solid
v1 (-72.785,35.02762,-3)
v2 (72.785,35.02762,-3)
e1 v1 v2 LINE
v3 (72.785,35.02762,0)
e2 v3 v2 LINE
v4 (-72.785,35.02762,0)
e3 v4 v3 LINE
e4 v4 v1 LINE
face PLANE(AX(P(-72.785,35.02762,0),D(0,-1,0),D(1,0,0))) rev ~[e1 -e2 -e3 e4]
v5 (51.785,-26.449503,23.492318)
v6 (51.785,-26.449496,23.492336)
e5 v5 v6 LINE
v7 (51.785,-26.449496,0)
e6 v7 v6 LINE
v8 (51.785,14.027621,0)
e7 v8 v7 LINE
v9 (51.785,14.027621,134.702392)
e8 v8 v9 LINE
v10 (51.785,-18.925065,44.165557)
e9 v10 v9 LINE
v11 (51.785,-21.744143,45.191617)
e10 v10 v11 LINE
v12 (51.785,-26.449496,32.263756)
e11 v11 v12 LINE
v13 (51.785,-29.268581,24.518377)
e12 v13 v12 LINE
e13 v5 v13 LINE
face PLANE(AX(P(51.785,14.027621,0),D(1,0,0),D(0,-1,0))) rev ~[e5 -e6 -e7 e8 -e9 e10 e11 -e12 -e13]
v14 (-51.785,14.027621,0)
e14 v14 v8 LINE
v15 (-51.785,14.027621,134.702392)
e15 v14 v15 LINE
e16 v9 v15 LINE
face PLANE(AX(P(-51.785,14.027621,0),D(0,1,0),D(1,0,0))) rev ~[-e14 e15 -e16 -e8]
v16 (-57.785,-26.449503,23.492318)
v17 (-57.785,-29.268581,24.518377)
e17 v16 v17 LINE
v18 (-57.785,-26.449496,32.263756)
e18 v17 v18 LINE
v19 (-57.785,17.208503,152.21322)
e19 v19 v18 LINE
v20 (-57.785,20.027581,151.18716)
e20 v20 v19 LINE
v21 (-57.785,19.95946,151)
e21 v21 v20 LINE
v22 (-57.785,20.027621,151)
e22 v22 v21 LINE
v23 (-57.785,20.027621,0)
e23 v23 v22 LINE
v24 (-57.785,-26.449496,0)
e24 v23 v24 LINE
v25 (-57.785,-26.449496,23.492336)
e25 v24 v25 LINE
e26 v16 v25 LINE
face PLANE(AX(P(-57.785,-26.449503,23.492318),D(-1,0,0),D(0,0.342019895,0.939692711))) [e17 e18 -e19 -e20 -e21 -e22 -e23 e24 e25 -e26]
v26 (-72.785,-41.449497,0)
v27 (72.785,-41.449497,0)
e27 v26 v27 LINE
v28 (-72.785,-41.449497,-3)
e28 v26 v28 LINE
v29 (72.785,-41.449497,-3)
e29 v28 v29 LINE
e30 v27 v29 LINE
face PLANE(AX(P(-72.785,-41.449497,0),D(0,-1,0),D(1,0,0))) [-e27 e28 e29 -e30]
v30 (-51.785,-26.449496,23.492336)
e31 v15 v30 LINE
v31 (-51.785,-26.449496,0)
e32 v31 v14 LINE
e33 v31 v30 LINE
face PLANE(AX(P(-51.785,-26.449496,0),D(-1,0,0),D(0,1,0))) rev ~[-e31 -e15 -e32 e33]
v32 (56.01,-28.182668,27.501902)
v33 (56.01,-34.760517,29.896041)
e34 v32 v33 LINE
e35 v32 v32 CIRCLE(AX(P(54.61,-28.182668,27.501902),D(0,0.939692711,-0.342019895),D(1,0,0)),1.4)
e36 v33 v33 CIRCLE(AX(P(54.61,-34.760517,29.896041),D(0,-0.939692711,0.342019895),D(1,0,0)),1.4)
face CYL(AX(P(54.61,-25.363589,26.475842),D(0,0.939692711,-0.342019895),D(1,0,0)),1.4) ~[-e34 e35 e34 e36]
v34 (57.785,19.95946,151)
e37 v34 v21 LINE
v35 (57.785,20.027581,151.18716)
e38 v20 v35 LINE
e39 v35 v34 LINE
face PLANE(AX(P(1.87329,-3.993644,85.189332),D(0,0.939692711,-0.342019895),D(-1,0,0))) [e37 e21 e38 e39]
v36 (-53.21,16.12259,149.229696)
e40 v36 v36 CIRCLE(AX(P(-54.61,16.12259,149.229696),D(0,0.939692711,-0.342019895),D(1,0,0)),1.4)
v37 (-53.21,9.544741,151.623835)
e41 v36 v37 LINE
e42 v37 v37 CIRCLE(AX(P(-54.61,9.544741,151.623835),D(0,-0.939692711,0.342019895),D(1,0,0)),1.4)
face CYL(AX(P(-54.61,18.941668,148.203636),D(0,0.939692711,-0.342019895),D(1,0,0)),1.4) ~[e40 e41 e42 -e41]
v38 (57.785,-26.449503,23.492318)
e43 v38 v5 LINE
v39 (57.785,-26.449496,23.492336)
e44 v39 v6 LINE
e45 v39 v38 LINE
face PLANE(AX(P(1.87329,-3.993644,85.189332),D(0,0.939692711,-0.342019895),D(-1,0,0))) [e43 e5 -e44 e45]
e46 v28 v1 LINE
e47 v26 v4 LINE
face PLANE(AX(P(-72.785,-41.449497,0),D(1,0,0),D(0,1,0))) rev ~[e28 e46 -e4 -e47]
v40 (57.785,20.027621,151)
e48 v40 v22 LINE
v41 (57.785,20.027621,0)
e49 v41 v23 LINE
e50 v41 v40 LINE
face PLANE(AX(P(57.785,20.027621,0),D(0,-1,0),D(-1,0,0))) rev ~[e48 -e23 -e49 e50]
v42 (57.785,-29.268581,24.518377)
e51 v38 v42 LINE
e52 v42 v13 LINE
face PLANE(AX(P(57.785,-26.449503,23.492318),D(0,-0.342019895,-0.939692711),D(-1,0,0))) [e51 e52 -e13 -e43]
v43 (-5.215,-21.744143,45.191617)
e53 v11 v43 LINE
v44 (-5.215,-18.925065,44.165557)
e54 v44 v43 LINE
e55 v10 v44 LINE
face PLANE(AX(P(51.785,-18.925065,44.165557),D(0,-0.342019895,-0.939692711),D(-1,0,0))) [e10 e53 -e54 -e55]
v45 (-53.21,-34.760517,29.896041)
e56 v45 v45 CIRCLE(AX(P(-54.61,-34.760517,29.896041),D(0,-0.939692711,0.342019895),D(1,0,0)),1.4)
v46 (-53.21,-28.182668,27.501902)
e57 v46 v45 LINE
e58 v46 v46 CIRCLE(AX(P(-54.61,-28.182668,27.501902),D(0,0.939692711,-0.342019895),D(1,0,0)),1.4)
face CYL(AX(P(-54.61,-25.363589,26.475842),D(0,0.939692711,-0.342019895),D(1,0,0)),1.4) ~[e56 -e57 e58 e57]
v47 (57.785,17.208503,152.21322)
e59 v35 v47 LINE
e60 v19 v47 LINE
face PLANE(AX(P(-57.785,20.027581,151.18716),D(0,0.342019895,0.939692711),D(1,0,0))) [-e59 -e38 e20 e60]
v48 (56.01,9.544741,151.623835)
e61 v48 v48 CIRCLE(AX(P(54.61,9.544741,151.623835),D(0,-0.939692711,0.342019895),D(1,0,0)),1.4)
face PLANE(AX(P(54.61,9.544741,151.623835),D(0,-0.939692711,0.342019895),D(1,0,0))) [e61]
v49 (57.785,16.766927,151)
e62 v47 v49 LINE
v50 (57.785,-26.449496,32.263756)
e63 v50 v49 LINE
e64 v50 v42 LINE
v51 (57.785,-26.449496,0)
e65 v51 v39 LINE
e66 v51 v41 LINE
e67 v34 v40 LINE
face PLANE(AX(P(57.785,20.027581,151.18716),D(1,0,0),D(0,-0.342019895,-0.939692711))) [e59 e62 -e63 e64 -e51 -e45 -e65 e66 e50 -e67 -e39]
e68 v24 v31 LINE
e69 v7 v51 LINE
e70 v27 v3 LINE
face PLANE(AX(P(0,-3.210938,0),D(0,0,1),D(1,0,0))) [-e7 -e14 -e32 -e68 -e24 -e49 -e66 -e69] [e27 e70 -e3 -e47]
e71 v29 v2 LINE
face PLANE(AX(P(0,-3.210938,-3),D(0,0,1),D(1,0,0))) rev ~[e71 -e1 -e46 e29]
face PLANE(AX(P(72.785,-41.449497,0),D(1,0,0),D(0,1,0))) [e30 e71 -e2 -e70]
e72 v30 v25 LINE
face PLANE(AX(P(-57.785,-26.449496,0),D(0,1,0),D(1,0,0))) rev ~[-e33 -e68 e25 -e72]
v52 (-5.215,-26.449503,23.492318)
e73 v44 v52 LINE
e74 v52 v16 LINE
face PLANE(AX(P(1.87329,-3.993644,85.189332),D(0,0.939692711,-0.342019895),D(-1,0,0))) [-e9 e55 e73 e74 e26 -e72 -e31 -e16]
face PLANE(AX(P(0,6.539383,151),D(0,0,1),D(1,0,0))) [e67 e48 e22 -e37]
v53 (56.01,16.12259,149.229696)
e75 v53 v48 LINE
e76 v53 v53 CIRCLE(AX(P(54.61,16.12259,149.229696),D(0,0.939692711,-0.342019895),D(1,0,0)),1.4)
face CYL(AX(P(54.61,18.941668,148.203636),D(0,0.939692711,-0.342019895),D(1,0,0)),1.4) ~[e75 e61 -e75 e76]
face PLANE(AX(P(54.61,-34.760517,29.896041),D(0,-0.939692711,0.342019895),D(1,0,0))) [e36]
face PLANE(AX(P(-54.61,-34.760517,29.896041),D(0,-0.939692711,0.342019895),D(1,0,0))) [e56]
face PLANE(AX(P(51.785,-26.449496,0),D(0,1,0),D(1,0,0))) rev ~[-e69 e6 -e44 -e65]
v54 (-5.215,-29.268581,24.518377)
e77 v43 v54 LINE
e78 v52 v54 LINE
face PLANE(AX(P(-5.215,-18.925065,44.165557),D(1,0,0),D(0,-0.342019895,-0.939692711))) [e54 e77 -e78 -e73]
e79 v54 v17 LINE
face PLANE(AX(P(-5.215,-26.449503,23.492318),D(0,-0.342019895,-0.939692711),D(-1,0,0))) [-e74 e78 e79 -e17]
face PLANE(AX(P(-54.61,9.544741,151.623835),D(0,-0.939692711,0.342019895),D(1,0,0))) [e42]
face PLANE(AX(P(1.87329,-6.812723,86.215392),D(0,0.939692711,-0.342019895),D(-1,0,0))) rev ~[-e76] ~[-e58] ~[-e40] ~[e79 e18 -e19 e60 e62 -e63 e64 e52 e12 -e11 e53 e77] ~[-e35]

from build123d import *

# Parameters (mm, degrees)
SKETCH001_W  = 145.57
SKETCH001_H  = 76.477117
PAD_DEPTH    = 3
PAD001_DEPTH = 151
SKETCH004_W  = 234.832214
SKETCH004_H  = 173.073643
POCKET_DEPTH = 200
PAD002_DEPTH = 3
SKETCH003_R  = 1.4
PAD003_DEPTH = 10


with BuildPart() as part:
    # Sketch001 → Pad (new body)
    with BuildSketch(Plane.XY):
        with Locations((0, -3.210938)):
            Rectangle(SKETCH001_W, SKETCH001_H)
    extrude(amount=-PAD_DEPTH)

    # Sketch → Pad001 (join)
    with BuildSketch(Plane.XY):
        Polygon((51.785, -26.449496), (57.785, -26.449496), (57.785, 20.027621), (-57.785, 20.027621), (-57.785, -26.449496), (-51.785, -26.449496), (-51.785, 14.027621), (51.785, 14.027621), align=None)
    extrude(amount=PAD001_DEPTH)

    # Sketch004 (on DatumPlane) → Pocket (cut)
    with BuildSketch(Plane(origin=(0, -37.819078, 1.02606), x_dir=(1, 0, 0), z_dir=(0, -0.939693, 0.34202))):
        with Locations((5.697174, 86.536822)):
            Rectangle(SKETCH004_W, SKETCH004_H)
    extrude(amount=POCKET_DEPTH, mode=Mode.SUBTRACT)

    # Sketch002 (on DatumPlane) → Pad002 (join)
    with BuildSketch(Plane(origin=(0, -35, 0), x_dir=(1, 0, 0), z_dir=(0, -0.939693, 0.34202))):
        Polygon((-57.785, 160.89), (57.785, 160.89), (57.785, 25), (51.785, 25), (51.785, 47), (-5.215, 47), (-5.215, 25), (-57.785, 25), align=None)
    extrude(amount=PAD002_DEPTH)

    # Sketch003 (on DatumPlane) → Pad003 (join)
    with BuildSketch(Plane(origin=(0, -35, 0), x_dir=(1, 0, 0), z_dir=(0, -0.939693, 0.34202))):
        with Locations((-54.61, 157.715)):
            Circle(SKETCH003_R)
        with Locations((54.61, 157.715)):
            Circle(SKETCH003_R)
        with Locations((54.61, 28.175)):
            Circle(SKETCH003_R)
        with Locations((-54.61, 28.175)):
            Circle(SKETCH003_R)
    extrude(amount=PAD003_DEPTH)


solid = part.part
